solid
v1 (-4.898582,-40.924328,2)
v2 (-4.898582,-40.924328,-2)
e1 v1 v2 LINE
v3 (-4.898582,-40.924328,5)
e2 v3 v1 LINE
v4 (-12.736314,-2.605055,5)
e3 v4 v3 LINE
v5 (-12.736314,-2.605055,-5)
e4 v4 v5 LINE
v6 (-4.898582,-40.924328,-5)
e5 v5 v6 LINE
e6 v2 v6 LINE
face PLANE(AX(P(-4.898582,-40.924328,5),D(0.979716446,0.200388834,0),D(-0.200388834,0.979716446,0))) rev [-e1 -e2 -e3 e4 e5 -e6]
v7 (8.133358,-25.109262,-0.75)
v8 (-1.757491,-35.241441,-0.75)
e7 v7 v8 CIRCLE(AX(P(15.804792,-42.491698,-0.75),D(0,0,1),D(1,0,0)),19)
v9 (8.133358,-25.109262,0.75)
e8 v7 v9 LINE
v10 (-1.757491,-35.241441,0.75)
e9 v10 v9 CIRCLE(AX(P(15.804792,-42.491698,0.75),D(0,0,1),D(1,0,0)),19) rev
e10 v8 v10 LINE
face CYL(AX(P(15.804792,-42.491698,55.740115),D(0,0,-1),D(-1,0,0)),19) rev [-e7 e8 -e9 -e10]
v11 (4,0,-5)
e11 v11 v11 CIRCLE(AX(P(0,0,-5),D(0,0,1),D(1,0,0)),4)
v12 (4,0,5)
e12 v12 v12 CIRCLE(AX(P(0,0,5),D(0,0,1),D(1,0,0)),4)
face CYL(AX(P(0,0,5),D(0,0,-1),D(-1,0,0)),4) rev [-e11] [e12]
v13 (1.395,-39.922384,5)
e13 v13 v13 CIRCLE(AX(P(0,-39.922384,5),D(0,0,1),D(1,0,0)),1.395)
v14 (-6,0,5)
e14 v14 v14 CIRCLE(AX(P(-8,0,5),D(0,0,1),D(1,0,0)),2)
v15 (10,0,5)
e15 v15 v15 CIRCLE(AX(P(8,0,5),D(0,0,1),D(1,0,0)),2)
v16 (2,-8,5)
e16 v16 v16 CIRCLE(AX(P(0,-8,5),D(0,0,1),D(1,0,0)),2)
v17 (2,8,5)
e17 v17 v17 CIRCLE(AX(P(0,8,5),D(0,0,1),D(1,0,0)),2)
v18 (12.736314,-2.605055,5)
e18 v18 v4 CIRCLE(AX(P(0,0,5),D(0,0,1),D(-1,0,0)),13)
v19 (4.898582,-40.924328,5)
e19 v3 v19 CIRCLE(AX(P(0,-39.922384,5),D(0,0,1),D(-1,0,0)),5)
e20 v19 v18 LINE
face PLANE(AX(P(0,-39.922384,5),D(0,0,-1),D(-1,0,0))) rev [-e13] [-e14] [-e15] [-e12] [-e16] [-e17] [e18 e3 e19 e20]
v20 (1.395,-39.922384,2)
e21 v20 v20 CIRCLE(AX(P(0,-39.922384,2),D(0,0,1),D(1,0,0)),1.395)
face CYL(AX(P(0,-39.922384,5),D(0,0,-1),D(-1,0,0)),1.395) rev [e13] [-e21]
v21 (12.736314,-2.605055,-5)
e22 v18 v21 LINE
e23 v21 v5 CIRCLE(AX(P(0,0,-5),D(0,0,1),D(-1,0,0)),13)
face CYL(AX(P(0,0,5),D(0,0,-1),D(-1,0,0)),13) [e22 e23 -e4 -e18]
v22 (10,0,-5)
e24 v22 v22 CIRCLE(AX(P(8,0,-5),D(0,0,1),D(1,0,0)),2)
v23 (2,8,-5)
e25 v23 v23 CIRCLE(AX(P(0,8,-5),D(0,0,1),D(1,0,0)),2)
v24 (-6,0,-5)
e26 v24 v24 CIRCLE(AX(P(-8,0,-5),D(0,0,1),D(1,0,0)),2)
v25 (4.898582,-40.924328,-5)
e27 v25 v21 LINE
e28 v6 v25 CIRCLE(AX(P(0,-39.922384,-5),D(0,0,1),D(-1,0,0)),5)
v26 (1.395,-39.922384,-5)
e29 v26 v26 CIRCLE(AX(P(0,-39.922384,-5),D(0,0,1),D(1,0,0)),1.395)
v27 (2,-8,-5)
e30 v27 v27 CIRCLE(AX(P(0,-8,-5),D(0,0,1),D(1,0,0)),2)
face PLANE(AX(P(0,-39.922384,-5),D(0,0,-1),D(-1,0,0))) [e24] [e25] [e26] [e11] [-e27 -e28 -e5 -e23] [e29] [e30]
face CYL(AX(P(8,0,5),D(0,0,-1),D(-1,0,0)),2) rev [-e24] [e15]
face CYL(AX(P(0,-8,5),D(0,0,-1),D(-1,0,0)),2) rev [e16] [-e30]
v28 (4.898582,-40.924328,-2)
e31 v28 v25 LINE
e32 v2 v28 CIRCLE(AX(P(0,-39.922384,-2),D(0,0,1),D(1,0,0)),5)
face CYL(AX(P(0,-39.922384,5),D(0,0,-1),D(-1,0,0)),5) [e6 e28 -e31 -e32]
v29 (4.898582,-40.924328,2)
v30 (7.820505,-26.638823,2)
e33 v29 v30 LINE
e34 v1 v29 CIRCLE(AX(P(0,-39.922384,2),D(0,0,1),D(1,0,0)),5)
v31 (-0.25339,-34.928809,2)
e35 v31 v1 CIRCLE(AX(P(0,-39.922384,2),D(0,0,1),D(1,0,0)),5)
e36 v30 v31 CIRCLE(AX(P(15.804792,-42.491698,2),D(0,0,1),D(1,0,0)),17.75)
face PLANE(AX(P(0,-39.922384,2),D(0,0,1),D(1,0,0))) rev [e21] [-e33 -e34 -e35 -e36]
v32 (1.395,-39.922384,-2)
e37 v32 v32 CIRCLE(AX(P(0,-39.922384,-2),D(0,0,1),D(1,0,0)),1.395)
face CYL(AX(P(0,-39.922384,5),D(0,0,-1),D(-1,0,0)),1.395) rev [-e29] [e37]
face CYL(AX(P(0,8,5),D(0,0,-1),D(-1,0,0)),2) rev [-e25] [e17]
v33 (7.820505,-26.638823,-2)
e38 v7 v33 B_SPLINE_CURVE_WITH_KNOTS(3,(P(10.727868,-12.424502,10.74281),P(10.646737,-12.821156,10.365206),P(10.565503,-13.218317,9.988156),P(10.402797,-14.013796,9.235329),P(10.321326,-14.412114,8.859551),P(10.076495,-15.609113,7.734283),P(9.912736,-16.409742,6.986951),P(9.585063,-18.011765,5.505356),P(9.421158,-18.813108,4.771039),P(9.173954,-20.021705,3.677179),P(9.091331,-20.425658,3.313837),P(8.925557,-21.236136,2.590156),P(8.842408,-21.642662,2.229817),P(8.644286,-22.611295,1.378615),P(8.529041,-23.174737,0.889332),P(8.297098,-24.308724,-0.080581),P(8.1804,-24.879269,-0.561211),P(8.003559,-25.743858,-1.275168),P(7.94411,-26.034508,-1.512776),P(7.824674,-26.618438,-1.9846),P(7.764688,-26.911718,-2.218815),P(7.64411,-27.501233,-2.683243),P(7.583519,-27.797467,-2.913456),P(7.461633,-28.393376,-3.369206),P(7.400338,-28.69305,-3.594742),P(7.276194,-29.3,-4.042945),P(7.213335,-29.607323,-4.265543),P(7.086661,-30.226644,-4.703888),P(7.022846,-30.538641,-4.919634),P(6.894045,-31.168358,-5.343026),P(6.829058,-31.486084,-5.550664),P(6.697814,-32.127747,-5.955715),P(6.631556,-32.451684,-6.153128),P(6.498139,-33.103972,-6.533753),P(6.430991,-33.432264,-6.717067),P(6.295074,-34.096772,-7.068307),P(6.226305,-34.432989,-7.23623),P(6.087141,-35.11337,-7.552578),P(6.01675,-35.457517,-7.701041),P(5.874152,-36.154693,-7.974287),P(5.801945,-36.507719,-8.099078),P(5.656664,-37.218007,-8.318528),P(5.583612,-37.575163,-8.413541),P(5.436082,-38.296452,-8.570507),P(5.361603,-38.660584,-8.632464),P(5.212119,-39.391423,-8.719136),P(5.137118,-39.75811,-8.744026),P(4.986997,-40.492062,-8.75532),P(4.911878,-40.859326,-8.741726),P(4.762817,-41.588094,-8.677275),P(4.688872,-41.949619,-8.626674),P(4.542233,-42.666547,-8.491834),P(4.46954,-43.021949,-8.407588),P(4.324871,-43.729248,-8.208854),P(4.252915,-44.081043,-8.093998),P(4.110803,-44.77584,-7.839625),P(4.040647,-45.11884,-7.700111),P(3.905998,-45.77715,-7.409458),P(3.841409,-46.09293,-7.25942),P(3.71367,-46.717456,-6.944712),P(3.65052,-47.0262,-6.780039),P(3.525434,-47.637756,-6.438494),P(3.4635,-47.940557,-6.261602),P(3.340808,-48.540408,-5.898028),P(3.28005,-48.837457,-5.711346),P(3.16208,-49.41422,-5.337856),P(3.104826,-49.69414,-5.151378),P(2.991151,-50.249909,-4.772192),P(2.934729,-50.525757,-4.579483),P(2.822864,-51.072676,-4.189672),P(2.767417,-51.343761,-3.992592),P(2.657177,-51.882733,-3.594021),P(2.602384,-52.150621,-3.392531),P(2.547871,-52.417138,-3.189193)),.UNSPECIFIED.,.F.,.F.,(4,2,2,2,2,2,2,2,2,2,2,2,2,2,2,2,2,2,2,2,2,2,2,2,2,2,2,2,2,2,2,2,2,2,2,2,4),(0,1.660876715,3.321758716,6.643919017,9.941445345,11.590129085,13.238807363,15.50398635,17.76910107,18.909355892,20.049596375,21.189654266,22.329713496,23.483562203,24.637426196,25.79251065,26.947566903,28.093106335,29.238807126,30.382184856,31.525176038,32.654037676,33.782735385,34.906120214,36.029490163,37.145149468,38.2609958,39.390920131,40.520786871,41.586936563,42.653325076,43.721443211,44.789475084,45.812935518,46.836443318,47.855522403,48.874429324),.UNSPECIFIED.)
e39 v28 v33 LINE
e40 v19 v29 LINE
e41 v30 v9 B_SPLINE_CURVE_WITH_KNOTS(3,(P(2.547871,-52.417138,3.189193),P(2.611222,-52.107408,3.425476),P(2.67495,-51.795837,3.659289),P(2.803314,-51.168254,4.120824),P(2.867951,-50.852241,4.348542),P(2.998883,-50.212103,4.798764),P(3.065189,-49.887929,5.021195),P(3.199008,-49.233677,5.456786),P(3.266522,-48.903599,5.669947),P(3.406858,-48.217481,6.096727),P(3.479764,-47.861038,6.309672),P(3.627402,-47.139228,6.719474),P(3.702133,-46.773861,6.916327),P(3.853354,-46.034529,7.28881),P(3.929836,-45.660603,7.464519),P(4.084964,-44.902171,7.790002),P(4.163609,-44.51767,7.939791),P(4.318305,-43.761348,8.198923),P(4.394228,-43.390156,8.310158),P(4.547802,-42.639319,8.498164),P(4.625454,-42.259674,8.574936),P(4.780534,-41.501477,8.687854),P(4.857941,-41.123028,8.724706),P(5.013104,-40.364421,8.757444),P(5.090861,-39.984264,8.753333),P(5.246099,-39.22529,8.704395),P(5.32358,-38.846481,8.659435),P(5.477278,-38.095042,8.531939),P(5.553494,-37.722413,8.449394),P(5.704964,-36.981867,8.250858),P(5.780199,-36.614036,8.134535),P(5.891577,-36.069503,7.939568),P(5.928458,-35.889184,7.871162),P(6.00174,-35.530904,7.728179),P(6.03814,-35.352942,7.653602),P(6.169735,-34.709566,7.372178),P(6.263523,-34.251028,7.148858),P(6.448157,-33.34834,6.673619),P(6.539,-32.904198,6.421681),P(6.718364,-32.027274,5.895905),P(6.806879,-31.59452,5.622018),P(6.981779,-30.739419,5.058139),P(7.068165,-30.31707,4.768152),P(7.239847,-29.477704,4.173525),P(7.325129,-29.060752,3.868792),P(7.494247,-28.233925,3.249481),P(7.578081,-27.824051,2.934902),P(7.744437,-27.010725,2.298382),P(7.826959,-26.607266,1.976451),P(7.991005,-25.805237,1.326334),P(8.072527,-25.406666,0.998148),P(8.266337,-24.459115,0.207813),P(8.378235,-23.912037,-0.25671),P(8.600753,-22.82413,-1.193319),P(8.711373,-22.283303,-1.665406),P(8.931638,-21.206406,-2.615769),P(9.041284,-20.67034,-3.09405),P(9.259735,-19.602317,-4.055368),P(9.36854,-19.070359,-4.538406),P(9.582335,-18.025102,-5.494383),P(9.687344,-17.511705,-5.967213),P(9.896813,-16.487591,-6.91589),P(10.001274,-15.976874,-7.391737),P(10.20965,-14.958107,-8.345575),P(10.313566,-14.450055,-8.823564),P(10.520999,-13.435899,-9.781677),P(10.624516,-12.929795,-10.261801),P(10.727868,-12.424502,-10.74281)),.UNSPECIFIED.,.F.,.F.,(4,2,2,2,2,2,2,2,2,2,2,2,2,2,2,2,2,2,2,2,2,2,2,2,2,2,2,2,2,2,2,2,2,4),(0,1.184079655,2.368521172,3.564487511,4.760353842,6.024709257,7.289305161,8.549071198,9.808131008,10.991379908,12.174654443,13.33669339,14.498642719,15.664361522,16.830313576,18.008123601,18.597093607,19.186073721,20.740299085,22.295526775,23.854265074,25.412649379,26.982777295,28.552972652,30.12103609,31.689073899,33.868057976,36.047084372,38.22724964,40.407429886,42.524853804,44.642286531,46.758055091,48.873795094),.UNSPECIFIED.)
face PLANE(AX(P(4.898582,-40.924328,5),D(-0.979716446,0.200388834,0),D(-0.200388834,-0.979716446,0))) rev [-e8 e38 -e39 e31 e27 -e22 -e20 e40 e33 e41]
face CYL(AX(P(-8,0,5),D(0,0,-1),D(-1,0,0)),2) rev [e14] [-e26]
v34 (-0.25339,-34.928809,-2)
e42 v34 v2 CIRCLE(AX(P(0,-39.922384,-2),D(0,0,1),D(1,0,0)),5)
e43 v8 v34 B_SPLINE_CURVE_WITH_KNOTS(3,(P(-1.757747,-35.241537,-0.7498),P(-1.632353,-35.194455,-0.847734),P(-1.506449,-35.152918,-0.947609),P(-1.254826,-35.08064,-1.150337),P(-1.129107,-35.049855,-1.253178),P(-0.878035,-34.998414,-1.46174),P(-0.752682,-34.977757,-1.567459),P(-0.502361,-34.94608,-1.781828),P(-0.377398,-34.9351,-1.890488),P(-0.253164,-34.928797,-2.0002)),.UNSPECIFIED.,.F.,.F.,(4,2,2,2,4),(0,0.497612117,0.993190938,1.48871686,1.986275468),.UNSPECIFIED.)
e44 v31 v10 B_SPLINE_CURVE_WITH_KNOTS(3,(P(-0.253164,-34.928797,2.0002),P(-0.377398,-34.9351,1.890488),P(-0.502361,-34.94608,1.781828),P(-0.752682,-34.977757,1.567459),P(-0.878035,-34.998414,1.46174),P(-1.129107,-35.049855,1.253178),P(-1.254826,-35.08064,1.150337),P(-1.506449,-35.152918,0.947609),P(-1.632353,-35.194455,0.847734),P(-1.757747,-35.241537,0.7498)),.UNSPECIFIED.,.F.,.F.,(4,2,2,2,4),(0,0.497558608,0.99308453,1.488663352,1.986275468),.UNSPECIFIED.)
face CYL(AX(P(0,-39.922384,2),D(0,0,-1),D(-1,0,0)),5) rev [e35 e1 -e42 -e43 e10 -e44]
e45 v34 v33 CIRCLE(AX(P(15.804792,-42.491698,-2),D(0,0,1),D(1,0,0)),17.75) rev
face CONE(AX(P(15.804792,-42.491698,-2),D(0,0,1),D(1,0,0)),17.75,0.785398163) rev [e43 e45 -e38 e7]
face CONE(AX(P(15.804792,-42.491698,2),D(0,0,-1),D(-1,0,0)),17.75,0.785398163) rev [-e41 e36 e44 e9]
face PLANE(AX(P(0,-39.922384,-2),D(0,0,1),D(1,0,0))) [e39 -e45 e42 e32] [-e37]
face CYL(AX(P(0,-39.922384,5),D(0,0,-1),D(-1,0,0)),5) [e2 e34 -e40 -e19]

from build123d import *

# Parameters (mm, degrees)
SKETCH1_R                       = 4
SKETCH1_R_2                     = 2
SKETCH1_R_3                     = 1.395
BOSS_EXTRUDE1_DEPTH             = 5
SKETCH2_R                       = 5
BOSS_EXTRUDE2_DEPTH             = 2
BOSS_EXTRUDE3_REACH             = 7
SKETCH3_R                       = 19
BOSS_EXTRUDE3_DIRECTION_2_REACH = 7
CHAMFER1_SIZE                   = 1.25


with BuildPart() as part:
    # Sketch1 → Boss-Extrude1 (new body, symmetric)
    with BuildSketch(Plane.XY):
        with BuildLine():
            Line((4.898582231, -40.924328172), (12.736313801, -2.605054848))
            ThreePointArc((12.736313801, -2.605054848), (0, 13), (-12.736313801, -2.605054848))
            Line((-12.736313801, -2.605054848), (-4.898582231, -40.924328172))
            ThreePointArc((-4.898582231, -40.924328172), (0, -44.922384), (4.898582231, -40.924328172))
        make_face()
        Circle(SKETCH1_R, mode=Mode.SUBTRACT)
        with Locations((0, 8)):
            Circle(SKETCH1_R_2, mode=Mode.SUBTRACT)
        with Locations((8, 0)):
            Circle(SKETCH1_R_2, mode=Mode.SUBTRACT)
        with Locations((0, -8)):
            Circle(SKETCH1_R_2, mode=Mode.SUBTRACT)
        with Locations((-8, 0)):
            Circle(SKETCH1_R_2, mode=Mode.SUBTRACT)
        with Locations((0, -39.922384)):
            Circle(SKETCH1_R_3, mode=Mode.SUBTRACT)
    extrude(amount=BOSS_EXTRUDE1_DEPTH, both=True)


with BuildPart() as body_2:
    # Sketch2 → Boss-Extrude2 (new body, symmetric)
    with BuildSketch(Plane.XY):
        with Locations((0, -39.922384)):
            Circle(SKETCH2_R)
    extrude(amount=BOSS_EXTRUDE2_DEPTH, both=True)


with BuildPart() as part_1:
    add(part.part)

    # Combine1: cut body 2
    add(body_2.part, mode=Mode.SUBTRACT)


with BuildPart() as body_2_2:

    # Boss-Extrude3: up to this face of the body (flat: up to its plane)
    boss_extrude3_end = Plane(part_1.part.faces().sort_by_distance((0, -35.063805356, 2))[0])
    # Sketch3 → Boss-Extrude3 (new body, up to the picked face)
    with BuildSketch(Plane.XY, mode=Mode.PRIVATE) as boss_extrude3_sk1:
        with Locations((15.804791675, -42.49169824)):
            Circle(SKETCH3_R)
    boss_extrude3_tool1 = split(extrude(boss_extrude3_sk1.sketch, amount=BOSS_EXTRUDE3_REACH, mode=Mode.PRIVATE), bisect_by=boss_extrude3_end, keep=Keep.BOTH, mode=Mode.PRIVATE)
    add(boss_extrude3_tool1.solids().sort_by_distance((15.804792, -42.491698, 0))[0])


    # Boss-Extrude3 direction 2: up to this face of the body (flat: up to its plane)
    boss_extrude3_direction_2_end = Plane(part_1.part.faces().sort_by_distance((0, -35.063805356, -2))[0])
    # Sketch3 → Boss-Extrude3 direction 2 (add, up to the picked face)
    with BuildSketch(Plane.XY, mode=Mode.PRIVATE) as boss_extrude3_direction_2_sk1:
        with Locations((15.804791675, -42.49169824)):
            Circle(SKETCH3_R)
    boss_extrude3_direction_2_tool1 = split(extrude(boss_extrude3_direction_2_sk1.sketch, amount=-BOSS_EXTRUDE3_DIRECTION_2_REACH, mode=Mode.PRIVATE), bisect_by=boss_extrude3_direction_2_end, keep=Keep.BOTH, mode=Mode.PRIVATE)
    add(boss_extrude3_direction_2_tool1.solids().sort_by_distance((15.804792, -42.491698, 0))[0])

    # Chamfer1
    chamfer1_edges = [body_2_2.edges().sort_by_distance(p)[0] for p in [
        (-3.195208325, -42.49169824, -2),
        (-3.195208325, -42.49169824, 2),
    ]]
    chamfer(chamfer1_edges, length=CHAMFER1_SIZE)


with BuildPart() as part_2:
    add(part_1.part)

    # Combine2: cut body 2 2
    add(body_2_2.part, mode=Mode.SUBTRACT)


solid = part_2.part
